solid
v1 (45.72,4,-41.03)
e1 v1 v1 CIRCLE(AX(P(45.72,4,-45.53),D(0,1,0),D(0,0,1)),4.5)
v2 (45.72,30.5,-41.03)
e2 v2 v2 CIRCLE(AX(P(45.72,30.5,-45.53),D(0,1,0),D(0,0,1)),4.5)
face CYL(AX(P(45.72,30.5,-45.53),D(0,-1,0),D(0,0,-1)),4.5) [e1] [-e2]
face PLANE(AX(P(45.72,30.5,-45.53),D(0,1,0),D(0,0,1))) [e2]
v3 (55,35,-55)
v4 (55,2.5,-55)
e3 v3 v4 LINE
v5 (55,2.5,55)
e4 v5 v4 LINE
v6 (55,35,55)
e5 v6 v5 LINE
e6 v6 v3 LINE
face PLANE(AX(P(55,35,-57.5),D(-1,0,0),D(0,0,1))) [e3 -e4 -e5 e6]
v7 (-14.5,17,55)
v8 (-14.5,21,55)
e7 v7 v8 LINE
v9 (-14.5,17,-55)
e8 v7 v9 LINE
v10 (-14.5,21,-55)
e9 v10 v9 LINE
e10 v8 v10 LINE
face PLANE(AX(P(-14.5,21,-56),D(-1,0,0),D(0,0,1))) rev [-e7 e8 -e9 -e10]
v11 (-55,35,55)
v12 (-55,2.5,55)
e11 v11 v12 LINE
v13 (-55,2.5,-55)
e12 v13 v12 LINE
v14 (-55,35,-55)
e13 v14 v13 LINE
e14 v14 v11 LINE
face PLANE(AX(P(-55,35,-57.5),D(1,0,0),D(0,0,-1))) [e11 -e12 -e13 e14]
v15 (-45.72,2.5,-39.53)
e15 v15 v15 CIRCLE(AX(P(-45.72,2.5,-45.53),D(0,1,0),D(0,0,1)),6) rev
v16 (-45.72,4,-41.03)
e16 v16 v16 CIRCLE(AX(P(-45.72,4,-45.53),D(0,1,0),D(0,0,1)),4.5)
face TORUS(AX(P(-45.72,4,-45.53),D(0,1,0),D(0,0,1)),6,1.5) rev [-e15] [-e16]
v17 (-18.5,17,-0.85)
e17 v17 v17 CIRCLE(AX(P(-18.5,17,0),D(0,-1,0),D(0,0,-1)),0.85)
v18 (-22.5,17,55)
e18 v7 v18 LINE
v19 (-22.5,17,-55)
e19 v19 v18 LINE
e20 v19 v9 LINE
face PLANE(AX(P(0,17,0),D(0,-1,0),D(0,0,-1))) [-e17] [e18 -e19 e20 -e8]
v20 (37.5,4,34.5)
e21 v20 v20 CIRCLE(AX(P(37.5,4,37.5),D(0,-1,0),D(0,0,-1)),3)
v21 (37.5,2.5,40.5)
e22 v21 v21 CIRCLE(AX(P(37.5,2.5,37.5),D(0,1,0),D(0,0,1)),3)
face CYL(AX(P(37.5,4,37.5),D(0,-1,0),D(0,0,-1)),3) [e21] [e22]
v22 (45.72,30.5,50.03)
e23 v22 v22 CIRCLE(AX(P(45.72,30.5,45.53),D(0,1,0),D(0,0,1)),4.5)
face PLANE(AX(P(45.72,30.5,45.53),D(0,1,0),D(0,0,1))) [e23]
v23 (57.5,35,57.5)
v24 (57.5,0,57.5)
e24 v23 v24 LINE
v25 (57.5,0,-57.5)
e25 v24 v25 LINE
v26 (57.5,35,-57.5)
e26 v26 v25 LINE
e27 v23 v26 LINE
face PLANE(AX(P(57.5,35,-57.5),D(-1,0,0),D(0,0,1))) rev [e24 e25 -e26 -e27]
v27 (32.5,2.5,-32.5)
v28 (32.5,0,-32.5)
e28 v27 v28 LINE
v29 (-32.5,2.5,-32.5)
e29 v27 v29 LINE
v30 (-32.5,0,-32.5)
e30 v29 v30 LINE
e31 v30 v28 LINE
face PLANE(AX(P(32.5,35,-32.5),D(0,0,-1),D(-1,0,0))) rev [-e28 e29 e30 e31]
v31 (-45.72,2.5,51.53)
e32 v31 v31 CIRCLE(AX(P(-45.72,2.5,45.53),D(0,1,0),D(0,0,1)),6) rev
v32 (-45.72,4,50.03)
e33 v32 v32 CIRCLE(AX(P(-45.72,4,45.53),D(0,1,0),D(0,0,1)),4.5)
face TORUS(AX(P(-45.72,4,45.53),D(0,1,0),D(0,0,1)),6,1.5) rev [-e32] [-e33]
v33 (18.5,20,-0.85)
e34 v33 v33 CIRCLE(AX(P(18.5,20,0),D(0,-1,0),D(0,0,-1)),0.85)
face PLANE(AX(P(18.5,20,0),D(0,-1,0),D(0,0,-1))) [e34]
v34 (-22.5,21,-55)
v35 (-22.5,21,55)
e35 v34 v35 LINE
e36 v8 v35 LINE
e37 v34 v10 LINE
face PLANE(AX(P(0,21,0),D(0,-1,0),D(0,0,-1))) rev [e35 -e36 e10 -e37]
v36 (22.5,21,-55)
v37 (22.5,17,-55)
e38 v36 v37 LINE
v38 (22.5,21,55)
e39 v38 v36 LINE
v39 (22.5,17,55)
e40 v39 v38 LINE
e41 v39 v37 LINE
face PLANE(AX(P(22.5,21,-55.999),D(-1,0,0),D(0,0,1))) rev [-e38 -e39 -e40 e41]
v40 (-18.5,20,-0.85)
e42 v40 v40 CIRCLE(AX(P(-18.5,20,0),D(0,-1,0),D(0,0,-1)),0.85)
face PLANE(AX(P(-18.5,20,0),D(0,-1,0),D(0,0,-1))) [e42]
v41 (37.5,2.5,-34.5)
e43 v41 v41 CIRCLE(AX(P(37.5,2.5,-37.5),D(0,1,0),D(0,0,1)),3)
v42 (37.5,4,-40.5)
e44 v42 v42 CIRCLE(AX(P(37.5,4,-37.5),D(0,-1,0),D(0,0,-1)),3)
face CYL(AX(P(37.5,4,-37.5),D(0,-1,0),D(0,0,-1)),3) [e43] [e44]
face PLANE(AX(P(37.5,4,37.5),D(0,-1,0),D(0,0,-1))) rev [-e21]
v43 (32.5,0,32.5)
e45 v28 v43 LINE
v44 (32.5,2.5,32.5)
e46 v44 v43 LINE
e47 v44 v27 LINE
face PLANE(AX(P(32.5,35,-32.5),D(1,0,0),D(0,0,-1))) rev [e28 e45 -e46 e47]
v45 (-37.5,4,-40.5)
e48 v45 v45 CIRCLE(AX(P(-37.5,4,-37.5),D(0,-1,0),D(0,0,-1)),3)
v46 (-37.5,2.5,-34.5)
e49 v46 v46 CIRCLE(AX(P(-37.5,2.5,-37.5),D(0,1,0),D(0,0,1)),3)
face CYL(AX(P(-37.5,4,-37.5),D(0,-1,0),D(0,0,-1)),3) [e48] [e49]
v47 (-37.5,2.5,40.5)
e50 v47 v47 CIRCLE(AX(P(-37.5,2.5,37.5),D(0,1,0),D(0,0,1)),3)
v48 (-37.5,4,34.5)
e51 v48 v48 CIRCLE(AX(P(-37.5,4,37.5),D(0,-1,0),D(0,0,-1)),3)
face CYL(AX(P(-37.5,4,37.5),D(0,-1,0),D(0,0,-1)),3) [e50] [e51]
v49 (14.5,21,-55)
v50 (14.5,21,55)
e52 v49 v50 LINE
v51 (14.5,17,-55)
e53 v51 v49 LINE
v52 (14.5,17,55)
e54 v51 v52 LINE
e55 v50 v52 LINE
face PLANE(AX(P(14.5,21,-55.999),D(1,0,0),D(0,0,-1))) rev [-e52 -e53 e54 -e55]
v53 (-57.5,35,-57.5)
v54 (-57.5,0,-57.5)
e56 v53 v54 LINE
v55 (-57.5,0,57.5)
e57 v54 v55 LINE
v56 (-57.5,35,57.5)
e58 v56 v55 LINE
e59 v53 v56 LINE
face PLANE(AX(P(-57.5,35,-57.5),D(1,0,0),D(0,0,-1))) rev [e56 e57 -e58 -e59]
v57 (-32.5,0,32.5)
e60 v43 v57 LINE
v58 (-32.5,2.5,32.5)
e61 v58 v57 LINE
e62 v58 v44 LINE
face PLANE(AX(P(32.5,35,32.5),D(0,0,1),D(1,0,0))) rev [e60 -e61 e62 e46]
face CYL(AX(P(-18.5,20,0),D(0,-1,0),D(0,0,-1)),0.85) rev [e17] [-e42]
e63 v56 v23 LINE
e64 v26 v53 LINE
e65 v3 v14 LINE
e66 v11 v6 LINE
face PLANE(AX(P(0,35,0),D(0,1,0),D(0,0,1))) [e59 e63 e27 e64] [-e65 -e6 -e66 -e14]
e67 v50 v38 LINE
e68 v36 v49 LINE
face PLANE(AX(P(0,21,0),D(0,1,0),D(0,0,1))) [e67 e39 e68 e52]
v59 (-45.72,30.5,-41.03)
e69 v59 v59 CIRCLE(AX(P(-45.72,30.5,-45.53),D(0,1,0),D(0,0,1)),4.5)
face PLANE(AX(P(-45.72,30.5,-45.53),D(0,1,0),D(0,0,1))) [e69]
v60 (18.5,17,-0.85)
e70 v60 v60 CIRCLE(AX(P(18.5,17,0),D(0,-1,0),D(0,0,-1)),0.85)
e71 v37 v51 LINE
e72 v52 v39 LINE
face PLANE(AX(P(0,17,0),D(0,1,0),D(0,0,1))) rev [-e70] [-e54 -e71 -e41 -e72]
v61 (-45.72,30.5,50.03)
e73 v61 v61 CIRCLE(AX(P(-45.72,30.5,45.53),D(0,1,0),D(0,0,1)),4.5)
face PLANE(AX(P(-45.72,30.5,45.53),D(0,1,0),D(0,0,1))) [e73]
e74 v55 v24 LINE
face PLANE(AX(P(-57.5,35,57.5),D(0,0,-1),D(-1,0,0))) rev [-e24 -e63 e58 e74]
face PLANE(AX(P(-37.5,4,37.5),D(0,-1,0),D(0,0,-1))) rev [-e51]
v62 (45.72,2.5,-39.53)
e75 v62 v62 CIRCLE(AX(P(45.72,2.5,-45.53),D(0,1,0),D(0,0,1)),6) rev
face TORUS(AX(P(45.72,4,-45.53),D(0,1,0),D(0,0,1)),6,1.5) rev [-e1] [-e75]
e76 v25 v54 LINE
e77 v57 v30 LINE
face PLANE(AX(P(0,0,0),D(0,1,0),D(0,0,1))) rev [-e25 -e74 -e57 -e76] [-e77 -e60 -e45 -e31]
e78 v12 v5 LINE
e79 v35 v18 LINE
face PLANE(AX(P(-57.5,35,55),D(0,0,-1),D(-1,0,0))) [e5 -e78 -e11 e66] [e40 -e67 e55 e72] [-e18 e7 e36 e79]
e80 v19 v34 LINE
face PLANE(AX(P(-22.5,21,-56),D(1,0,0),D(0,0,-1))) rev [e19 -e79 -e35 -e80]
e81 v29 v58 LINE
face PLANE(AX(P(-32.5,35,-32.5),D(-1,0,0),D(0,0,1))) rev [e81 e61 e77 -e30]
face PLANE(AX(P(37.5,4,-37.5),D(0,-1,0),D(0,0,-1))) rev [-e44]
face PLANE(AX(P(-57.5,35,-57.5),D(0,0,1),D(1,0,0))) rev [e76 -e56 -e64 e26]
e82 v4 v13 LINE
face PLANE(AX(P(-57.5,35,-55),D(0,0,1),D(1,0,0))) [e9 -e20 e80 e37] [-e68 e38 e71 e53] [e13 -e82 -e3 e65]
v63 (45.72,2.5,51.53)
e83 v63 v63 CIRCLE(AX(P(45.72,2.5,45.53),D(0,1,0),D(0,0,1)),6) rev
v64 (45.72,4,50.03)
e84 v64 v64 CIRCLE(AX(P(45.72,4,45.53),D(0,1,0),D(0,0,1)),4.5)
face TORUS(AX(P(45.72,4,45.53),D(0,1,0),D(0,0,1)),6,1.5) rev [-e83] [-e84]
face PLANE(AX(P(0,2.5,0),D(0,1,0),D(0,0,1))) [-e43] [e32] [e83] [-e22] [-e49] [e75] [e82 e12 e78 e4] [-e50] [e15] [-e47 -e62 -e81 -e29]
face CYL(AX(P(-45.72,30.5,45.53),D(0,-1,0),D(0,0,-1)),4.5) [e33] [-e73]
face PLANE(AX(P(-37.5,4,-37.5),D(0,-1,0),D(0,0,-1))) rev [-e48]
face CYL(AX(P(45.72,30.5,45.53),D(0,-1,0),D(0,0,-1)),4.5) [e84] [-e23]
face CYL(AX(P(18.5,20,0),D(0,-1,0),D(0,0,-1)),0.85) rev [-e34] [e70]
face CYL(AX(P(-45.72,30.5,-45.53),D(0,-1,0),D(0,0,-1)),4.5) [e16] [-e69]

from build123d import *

# Parameters (mm, degrees)
SKETCH2_W           = 115
SKETCH2_H           = 115
BOSS_EXTRUDE1_DEPTH = 35
SHELL1_T            = -2.5
SKETCH3_R           = 4.5
BOSS_EXTRUDE4_DEPTH = 28
FILLET1_R           = 1.5
FILLET2_R           = 1.5
FILLET3_R           = 1.5
FILLET4_R           = 1.5
SKETCH4_W           = 65
SKETCH4_H           = 65
CUT_EXTRUDE1_DEPTH  = 89.529656048
SKETCH5_W           = 8
SKETCH5_H           = 112
BOSS_EXTRUDE5_DEPTH = 4
SKETCH7_R           = 0.85
CUT_EXTRUDE10_DEPTH = 3
SKETCH15_R          = 3
BOSS_EXTRUDE6_DEPTH = 4


with BuildPart() as part:
    # Sketch2 → Boss-Extrude1 (new body)
    with BuildSketch(Plane(origin=(0, 0, 0), x_dir=(1, 0, 0), z_dir=(0, 1, 0))):
        Rectangle(SKETCH2_W, SKETCH2_H)
    extrude(amount=BOSS_EXTRUDE1_DEPTH)

    # Shell1
    shell1_openings = [part.faces().sort_by_distance(p)[0] for p in [
        (0, 35, 0),
    ]]
    offset(amount=SHELL1_T, openings=shell1_openings, kind=Kind.INTERSECTION)

    # Sketch3 → Boss-Extrude4 (add)
    with BuildSketch(Plane(origin=(0, 2.5, 0), x_dir=(1, 0, 0), z_dir=(0, 1, 0))):
        with Locations(Location((-45.72, -45.53, 0), (0, 0, 270))):
            Circle(SKETCH3_R)
        with Locations(Location((-45.72, 45.53, 0), (0, 0, 270))):
            Circle(SKETCH3_R)
        with Locations(Location((45.72, 45.53, 0), (0, 0, 270))):
            Circle(SKETCH3_R)
        with Locations(Location((45.72, -45.53, 0), (0, 0, 270))):
            Circle(SKETCH3_R)
    extrude(amount=BOSS_EXTRUDE4_DEPTH)

    # Fillet1
    fillet1_edges = [part.edges().sort_by_distance(p)[0] for p in [
        (-45.72, 2.5, 41.03),
    ]]
    fillet(fillet1_edges, radius=FILLET1_R)

    # Fillet2
    fillet2_edges = [part.edges().sort_by_distance(p)[0] for p in [
        (-45.72, 2.5, -50.03),
    ]]
    fillet(fillet2_edges, radius=FILLET2_R)

    # Fillet3
    fillet3_edges = [part.edges().sort_by_distance(p)[0] for p in [
        (45.72, 2.5, -50.03),
    ]]
    fillet(fillet3_edges, radius=FILLET3_R)

    # Fillet4
    fillet4_edges = [part.edges().sort_by_distance(p)[0] for p in [
        (45.72, 2.5, 41.03),
    ]]
    fillet(fillet4_edges, radius=FILLET4_R)

    # Sketch4 → Cut-Extrude1 (cut, through all)
    with BuildSketch(Plane.XZ):
        Rectangle(SKETCH4_W, SKETCH4_H)
    extrude(amount=-CUT_EXTRUDE1_DEPTH, mode=Mode.SUBTRACT)

    # Sketch5 → Boss-Extrude5 (add)
    with BuildSketch(Plane(origin=(0, 17, 0), x_dir=(1, 0, 0), z_dir=(0, 1, 0))):
        with Locations((-18.5, 0)):
            Rectangle(SKETCH5_W, SKETCH5_H)
        with Locations((18.5, -0.001)):
            Rectangle(SKETCH5_W, SKETCH5_H)
    extrude(amount=BOSS_EXTRUDE5_DEPTH)

    # Sketch7 → Cut-Extrude10 (cut)
    with BuildSketch(Plane.XZ.offset(-17)):
        with Locations(Location((-18.5, 0, 0), (0, 0, 270))):
            Circle(SKETCH7_R)
        with Locations(Location((18.5, 0, 0), (0, 0, 270))):
            Circle(SKETCH7_R)
    extrude(amount=-CUT_EXTRUDE10_DEPTH, mode=Mode.SUBTRACT)

    # Sketch15 → Boss-Extrude6 (add)
    with BuildSketch(Plane.XZ):
        with Locations(Location((37.5, -37.5, 0), (0, 0, 270))):
            Circle(SKETCH15_R)
        with Locations(Location((-37.5, -37.5, 0), (0, 0, 270))):
            Circle(SKETCH15_R)
        with Locations(Location((-37.5, 37.5, 0), (0, 0, 270))):
            Circle(SKETCH15_R)
        with Locations(Location((37.5, 37.5, 0), (0, 0, 270))):
            Circle(SKETCH15_R)
    extrude(amount=-BOSS_EXTRUDE6_DEPTH)


solid = part.part
